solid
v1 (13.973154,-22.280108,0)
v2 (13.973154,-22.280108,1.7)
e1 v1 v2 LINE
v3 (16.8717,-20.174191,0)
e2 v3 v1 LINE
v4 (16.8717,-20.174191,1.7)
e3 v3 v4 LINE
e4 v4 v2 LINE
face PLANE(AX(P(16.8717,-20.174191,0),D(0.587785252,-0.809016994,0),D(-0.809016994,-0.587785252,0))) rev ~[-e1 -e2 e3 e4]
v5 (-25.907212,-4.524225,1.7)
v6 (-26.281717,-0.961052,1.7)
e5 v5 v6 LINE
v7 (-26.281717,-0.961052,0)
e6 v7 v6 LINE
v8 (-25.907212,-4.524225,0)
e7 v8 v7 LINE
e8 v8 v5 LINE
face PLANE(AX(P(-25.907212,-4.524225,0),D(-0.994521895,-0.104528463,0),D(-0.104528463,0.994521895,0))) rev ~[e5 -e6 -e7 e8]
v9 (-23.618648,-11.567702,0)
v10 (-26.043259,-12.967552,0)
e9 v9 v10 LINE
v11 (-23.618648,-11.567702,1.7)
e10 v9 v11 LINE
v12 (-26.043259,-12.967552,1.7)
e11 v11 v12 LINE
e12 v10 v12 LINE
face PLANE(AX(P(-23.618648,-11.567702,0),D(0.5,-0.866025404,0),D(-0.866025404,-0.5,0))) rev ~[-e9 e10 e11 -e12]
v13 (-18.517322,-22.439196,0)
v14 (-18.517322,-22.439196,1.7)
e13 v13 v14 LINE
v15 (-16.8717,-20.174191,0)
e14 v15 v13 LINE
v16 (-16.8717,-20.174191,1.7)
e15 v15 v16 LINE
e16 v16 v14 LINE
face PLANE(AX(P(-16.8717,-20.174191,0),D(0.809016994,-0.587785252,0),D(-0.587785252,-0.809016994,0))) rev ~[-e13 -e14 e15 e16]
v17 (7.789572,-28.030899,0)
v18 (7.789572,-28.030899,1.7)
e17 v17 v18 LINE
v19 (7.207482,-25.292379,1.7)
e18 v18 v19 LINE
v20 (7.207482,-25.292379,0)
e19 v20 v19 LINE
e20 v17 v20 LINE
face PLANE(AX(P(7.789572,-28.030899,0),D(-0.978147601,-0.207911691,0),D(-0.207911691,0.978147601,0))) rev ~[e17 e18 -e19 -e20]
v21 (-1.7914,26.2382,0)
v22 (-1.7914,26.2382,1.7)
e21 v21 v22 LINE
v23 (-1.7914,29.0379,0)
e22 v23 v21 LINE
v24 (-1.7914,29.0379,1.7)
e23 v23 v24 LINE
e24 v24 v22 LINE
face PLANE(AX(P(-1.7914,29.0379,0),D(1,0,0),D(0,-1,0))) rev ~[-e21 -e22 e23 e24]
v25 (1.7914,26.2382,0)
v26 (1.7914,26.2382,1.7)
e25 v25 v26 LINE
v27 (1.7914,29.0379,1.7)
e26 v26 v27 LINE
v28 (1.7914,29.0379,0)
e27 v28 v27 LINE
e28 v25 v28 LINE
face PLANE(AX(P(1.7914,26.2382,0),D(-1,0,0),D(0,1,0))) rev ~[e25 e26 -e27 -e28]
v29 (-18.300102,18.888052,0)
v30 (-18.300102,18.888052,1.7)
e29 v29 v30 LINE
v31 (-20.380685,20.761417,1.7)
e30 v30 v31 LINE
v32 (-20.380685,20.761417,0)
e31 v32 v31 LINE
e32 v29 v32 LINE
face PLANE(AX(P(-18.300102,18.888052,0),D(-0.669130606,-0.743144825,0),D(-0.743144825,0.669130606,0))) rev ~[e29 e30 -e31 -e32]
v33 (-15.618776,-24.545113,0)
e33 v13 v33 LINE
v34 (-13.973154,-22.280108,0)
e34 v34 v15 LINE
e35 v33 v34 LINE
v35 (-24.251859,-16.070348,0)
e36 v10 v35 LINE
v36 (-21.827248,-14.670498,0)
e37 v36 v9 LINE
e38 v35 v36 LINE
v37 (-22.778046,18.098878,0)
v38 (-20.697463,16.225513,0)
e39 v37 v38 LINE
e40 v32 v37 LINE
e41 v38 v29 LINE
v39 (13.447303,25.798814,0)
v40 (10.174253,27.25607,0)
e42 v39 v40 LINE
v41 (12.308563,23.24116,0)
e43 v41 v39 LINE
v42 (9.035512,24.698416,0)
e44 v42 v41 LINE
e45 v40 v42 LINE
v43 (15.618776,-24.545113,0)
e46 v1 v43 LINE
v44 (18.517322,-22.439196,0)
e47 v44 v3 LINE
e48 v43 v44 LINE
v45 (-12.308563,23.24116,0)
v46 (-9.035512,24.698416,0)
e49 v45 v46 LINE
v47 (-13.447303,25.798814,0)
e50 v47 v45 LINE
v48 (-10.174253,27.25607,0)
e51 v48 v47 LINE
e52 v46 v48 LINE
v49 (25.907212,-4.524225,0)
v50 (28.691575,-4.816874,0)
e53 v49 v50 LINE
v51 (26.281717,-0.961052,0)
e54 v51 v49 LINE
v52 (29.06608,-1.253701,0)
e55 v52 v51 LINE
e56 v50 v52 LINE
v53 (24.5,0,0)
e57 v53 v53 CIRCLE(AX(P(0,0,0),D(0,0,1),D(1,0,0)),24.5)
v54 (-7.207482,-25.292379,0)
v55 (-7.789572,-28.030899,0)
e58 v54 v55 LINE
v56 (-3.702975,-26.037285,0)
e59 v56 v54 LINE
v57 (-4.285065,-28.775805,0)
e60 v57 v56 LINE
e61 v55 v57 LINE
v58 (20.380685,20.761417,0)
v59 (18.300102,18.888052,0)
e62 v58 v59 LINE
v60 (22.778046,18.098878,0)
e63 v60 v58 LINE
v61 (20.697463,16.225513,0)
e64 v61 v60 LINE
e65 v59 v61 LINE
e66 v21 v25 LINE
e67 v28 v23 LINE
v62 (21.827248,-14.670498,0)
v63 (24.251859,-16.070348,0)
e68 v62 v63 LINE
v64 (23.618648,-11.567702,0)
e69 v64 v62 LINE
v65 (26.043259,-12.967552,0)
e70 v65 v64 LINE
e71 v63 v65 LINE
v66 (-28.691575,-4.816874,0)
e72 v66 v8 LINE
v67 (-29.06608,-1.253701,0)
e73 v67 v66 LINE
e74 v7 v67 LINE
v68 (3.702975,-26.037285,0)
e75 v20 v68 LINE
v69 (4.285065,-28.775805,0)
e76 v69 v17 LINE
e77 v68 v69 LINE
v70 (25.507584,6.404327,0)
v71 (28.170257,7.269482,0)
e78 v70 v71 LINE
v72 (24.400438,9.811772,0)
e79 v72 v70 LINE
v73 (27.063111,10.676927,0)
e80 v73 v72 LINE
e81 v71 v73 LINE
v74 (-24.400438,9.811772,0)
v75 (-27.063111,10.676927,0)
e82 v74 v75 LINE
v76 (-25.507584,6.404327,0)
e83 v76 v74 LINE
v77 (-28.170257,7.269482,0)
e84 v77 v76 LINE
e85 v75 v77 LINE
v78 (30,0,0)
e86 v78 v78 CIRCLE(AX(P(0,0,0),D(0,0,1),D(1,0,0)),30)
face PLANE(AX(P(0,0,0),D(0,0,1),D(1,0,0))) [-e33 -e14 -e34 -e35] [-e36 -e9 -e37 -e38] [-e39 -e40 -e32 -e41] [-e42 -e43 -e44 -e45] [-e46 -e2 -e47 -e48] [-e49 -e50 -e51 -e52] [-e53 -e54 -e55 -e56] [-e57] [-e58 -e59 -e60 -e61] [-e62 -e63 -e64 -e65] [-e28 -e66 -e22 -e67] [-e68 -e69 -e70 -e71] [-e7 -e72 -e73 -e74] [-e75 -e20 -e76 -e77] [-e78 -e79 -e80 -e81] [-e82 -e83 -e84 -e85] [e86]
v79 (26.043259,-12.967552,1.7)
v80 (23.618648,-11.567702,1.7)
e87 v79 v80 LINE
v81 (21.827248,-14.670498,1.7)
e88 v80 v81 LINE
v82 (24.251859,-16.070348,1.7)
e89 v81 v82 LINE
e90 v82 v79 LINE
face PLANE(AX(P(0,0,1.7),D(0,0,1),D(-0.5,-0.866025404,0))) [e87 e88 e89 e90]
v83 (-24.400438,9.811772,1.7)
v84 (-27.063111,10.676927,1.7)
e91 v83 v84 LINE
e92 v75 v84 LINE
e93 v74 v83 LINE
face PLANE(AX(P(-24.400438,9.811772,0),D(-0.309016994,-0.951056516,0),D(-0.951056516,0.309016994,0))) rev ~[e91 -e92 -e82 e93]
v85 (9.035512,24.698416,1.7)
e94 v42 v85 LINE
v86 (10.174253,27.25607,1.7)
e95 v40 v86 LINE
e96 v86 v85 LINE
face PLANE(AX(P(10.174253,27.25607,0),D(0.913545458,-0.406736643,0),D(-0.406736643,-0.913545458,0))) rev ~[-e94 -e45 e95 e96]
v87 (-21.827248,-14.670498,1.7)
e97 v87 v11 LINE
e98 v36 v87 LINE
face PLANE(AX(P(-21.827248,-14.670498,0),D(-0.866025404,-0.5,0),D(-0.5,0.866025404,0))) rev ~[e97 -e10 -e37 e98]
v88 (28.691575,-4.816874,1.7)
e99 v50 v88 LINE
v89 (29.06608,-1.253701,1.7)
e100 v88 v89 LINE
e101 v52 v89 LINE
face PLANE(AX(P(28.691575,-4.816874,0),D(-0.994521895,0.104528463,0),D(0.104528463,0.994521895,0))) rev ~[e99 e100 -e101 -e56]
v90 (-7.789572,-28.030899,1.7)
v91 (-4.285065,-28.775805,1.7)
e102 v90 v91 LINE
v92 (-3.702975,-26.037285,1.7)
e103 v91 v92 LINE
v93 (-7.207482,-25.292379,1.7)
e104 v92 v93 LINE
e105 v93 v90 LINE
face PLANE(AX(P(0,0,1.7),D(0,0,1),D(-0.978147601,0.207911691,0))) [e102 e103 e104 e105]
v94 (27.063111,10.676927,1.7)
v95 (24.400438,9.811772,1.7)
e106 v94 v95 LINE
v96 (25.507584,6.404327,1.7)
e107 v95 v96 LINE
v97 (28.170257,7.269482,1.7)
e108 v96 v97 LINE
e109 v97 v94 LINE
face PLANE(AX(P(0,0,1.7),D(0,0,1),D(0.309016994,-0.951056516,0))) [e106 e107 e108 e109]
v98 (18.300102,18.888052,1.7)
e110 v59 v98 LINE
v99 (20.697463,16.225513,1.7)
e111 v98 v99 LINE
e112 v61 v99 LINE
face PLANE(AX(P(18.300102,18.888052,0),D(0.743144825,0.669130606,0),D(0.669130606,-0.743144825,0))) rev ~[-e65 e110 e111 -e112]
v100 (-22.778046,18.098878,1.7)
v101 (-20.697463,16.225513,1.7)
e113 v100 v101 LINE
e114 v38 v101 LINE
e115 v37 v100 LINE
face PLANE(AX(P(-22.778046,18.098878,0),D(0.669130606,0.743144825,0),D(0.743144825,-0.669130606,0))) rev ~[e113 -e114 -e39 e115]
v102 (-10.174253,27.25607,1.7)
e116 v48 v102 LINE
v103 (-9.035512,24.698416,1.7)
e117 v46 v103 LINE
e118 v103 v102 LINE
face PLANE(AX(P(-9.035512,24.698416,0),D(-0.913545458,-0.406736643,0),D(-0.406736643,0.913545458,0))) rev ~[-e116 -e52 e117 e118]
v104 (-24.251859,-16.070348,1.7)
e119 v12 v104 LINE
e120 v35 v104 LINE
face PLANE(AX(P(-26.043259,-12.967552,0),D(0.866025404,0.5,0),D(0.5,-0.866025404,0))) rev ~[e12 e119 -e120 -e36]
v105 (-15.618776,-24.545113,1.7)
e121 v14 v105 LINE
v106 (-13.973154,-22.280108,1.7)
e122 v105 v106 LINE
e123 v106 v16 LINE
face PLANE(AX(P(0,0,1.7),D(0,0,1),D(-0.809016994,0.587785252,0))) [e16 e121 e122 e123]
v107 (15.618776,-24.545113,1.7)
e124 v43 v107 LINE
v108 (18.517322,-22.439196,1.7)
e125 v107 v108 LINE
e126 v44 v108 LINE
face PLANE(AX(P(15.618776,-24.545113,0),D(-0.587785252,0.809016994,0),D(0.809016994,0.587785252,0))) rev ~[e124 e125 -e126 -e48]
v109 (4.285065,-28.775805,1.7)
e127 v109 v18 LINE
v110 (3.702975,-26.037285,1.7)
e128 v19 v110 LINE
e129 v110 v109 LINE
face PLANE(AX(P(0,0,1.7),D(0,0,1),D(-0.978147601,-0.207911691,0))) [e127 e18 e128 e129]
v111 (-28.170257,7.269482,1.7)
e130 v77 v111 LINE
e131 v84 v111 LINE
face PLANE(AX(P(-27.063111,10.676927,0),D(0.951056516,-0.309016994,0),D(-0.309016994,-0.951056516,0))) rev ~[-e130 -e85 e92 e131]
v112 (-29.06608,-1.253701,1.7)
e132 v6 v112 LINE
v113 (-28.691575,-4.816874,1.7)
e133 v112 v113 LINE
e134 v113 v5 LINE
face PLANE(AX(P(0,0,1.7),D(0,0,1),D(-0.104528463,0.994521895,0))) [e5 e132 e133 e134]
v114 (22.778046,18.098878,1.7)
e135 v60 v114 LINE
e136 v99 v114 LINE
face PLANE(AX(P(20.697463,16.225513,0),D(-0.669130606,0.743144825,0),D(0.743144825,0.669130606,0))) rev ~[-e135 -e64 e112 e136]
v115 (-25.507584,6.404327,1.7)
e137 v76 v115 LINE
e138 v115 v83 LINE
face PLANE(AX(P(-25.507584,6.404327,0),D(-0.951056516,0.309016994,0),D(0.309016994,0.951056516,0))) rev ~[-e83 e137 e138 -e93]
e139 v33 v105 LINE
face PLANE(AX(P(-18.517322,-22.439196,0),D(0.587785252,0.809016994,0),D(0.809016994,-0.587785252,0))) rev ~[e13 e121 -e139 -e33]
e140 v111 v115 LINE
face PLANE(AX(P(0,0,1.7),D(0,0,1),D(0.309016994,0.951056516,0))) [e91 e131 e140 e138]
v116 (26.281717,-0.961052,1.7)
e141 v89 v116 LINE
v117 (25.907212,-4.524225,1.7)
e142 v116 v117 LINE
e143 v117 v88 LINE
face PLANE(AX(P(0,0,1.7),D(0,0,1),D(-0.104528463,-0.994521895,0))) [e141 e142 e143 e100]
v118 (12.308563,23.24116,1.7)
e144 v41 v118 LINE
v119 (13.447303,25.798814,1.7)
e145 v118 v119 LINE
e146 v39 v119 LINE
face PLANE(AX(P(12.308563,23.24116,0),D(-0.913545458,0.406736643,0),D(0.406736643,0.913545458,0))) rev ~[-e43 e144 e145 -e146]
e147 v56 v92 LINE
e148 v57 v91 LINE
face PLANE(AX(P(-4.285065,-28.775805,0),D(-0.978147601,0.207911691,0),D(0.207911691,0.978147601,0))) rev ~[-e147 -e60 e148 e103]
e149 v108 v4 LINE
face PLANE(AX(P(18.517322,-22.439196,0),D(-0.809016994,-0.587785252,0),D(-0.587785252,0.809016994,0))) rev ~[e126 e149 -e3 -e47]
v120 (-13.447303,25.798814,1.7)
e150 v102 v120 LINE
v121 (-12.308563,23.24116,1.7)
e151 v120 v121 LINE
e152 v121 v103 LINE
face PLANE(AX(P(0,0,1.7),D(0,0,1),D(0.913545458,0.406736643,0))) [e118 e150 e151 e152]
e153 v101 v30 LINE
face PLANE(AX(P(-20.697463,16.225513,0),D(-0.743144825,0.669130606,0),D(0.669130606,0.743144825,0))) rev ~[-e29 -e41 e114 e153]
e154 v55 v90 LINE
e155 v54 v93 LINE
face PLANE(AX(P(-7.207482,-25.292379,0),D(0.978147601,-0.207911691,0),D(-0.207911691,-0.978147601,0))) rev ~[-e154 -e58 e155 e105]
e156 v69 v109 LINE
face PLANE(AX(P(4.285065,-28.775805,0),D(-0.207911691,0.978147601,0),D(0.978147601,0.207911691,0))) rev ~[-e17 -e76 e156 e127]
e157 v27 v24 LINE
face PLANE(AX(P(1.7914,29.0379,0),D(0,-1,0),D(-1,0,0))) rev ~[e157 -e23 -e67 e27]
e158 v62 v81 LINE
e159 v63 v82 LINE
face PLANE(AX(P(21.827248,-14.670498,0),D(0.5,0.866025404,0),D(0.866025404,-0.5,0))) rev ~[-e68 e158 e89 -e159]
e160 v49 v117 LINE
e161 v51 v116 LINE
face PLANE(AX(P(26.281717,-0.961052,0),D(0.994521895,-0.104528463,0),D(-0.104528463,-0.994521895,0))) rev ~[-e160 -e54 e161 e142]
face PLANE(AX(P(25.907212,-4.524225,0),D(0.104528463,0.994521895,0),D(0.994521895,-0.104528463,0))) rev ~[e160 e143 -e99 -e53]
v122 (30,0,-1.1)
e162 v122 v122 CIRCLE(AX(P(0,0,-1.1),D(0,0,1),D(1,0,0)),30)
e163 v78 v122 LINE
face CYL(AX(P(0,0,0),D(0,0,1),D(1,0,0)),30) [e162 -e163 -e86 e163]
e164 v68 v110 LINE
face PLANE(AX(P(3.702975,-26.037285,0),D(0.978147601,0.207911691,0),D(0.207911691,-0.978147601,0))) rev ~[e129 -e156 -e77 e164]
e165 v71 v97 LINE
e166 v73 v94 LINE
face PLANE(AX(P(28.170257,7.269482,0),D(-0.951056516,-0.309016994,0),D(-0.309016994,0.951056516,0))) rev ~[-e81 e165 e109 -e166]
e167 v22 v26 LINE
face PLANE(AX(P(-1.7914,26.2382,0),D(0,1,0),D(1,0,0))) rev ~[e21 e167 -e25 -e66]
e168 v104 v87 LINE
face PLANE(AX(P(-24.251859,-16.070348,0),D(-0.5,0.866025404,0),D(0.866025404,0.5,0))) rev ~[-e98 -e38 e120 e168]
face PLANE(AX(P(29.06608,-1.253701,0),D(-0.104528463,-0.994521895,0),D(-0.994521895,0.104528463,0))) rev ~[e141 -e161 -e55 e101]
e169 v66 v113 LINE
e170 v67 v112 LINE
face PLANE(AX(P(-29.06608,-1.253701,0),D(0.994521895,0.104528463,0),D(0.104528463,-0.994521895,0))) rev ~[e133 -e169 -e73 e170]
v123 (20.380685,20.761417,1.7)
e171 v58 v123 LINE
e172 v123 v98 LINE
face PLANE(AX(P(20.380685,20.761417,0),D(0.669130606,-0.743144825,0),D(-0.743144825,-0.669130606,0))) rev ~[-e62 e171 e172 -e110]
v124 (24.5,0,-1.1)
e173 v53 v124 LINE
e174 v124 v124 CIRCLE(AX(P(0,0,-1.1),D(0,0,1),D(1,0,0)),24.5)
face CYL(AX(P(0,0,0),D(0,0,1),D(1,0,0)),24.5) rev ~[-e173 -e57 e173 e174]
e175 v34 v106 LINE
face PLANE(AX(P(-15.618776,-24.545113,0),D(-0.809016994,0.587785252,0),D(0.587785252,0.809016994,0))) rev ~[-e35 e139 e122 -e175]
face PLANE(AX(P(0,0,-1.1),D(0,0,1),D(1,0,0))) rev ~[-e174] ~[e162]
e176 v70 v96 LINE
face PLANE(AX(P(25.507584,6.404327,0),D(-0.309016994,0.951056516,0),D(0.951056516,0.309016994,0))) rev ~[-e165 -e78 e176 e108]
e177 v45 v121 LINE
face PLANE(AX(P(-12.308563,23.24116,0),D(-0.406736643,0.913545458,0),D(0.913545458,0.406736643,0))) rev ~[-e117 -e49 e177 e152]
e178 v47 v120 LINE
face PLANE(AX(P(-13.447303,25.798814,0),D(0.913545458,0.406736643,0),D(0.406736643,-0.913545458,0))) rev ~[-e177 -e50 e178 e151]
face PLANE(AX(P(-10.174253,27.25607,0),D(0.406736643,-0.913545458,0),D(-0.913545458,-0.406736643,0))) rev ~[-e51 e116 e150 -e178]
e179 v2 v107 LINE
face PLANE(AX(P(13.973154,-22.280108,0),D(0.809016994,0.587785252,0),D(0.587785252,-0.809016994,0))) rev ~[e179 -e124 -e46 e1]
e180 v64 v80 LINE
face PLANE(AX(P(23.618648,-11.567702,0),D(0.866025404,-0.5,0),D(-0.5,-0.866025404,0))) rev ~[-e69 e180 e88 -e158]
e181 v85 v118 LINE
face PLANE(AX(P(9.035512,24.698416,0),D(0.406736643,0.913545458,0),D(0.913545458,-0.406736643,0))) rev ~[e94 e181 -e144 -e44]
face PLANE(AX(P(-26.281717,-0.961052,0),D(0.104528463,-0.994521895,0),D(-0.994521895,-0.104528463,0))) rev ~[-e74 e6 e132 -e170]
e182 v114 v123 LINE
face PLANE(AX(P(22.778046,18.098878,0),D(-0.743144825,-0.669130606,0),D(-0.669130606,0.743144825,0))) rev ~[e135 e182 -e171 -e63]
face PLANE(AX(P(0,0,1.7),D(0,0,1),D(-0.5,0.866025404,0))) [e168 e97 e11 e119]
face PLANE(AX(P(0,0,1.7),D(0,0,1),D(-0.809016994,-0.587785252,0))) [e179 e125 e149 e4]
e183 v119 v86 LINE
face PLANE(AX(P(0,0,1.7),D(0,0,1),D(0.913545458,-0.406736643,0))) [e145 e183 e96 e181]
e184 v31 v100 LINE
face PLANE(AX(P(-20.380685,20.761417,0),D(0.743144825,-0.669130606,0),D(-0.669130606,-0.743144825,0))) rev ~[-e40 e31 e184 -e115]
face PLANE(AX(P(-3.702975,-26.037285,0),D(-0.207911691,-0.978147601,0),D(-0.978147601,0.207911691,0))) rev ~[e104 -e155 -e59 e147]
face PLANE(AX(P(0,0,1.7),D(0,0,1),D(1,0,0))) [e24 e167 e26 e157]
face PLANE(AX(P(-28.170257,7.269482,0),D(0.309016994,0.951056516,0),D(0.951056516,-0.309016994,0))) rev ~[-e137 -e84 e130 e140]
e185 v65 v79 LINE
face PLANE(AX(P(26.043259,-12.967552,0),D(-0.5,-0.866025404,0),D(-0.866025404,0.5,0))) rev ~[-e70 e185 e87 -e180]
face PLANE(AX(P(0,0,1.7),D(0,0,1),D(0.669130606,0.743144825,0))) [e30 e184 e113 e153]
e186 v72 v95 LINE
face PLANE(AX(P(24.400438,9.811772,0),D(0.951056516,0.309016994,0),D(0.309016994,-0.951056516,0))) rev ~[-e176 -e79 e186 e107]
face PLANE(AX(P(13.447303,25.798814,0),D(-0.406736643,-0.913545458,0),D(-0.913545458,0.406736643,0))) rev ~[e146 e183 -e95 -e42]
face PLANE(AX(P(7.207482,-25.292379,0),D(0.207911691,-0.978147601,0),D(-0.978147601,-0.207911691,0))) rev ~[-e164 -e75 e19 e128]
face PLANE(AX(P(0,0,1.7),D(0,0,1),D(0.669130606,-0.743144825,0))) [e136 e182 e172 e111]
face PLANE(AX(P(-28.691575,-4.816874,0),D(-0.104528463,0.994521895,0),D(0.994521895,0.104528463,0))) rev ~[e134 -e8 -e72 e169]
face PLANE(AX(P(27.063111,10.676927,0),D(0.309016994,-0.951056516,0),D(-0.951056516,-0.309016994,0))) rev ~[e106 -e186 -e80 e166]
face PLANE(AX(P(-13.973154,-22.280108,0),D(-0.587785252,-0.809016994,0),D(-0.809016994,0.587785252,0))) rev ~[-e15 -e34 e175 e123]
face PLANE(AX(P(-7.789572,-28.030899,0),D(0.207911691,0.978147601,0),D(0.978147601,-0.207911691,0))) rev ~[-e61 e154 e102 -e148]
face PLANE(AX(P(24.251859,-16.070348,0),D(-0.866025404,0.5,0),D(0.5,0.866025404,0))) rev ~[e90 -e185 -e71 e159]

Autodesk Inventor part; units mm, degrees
ref_plane "YZ Plane" through (0, 0, 0) normal (1, 0, 0) x (0, 1, 0)
ref_plane "XZ Plane" through (0, 0, 0) normal (0, 1, 0) x (-1, 0, 0)
ref_plane "XY Plane" through (0, 0, 0) normal (0, 0, 1) x (1, 0, 0)
sketch "Sketch1" plane through (0, 0, 0) normal (0, 0, 1) x (1, 0, 0)
  circle A0 centre (0, 0) radius 30
  circle A1 centre (0, 0) radius 24.5
  dimension "d0" = 49
  dimension "d1" = 60
extrude "Extrusion1" add sketch "Sketch1" against normal blind 1.1
sketch "Sketch2" plane through (0, 0, 0) normal (0, 0, 1) x (1, 0, 0)
  line L0 (0, 0) -> (0, 30) construction
  circle A0 centre (0, 0) radius 30 construction
  line L1 (-1.7914, 26.2382) -> (1.7914, 26.2382)
  line L2 (1.7914, 26.2382) -> (1.7914, 29.0379)
  line L3 (1.7914, 29.0379) -> (-1.7914, 29.0379)
  line L4 (-1.7914, 29.0379) -> (-1.7914, 26.2382)
  line L5 (-1.7914, 26.2382) -> (1.7914, 29.0379) construction
  line L6 (1.7914, 26.2382) -> (-1.7914, 29.0379) construction
  point P0 (0, 27.6381)
extrude "Extrusion2" add sketch "Sketch2" along normal blind 1.7
pattern_circular "Circular Pattern1" count 15 over 360 about axis through (0, 0, -10) along (0, 0, 1) of "Extrusion2"
properties part number "LightRing"
